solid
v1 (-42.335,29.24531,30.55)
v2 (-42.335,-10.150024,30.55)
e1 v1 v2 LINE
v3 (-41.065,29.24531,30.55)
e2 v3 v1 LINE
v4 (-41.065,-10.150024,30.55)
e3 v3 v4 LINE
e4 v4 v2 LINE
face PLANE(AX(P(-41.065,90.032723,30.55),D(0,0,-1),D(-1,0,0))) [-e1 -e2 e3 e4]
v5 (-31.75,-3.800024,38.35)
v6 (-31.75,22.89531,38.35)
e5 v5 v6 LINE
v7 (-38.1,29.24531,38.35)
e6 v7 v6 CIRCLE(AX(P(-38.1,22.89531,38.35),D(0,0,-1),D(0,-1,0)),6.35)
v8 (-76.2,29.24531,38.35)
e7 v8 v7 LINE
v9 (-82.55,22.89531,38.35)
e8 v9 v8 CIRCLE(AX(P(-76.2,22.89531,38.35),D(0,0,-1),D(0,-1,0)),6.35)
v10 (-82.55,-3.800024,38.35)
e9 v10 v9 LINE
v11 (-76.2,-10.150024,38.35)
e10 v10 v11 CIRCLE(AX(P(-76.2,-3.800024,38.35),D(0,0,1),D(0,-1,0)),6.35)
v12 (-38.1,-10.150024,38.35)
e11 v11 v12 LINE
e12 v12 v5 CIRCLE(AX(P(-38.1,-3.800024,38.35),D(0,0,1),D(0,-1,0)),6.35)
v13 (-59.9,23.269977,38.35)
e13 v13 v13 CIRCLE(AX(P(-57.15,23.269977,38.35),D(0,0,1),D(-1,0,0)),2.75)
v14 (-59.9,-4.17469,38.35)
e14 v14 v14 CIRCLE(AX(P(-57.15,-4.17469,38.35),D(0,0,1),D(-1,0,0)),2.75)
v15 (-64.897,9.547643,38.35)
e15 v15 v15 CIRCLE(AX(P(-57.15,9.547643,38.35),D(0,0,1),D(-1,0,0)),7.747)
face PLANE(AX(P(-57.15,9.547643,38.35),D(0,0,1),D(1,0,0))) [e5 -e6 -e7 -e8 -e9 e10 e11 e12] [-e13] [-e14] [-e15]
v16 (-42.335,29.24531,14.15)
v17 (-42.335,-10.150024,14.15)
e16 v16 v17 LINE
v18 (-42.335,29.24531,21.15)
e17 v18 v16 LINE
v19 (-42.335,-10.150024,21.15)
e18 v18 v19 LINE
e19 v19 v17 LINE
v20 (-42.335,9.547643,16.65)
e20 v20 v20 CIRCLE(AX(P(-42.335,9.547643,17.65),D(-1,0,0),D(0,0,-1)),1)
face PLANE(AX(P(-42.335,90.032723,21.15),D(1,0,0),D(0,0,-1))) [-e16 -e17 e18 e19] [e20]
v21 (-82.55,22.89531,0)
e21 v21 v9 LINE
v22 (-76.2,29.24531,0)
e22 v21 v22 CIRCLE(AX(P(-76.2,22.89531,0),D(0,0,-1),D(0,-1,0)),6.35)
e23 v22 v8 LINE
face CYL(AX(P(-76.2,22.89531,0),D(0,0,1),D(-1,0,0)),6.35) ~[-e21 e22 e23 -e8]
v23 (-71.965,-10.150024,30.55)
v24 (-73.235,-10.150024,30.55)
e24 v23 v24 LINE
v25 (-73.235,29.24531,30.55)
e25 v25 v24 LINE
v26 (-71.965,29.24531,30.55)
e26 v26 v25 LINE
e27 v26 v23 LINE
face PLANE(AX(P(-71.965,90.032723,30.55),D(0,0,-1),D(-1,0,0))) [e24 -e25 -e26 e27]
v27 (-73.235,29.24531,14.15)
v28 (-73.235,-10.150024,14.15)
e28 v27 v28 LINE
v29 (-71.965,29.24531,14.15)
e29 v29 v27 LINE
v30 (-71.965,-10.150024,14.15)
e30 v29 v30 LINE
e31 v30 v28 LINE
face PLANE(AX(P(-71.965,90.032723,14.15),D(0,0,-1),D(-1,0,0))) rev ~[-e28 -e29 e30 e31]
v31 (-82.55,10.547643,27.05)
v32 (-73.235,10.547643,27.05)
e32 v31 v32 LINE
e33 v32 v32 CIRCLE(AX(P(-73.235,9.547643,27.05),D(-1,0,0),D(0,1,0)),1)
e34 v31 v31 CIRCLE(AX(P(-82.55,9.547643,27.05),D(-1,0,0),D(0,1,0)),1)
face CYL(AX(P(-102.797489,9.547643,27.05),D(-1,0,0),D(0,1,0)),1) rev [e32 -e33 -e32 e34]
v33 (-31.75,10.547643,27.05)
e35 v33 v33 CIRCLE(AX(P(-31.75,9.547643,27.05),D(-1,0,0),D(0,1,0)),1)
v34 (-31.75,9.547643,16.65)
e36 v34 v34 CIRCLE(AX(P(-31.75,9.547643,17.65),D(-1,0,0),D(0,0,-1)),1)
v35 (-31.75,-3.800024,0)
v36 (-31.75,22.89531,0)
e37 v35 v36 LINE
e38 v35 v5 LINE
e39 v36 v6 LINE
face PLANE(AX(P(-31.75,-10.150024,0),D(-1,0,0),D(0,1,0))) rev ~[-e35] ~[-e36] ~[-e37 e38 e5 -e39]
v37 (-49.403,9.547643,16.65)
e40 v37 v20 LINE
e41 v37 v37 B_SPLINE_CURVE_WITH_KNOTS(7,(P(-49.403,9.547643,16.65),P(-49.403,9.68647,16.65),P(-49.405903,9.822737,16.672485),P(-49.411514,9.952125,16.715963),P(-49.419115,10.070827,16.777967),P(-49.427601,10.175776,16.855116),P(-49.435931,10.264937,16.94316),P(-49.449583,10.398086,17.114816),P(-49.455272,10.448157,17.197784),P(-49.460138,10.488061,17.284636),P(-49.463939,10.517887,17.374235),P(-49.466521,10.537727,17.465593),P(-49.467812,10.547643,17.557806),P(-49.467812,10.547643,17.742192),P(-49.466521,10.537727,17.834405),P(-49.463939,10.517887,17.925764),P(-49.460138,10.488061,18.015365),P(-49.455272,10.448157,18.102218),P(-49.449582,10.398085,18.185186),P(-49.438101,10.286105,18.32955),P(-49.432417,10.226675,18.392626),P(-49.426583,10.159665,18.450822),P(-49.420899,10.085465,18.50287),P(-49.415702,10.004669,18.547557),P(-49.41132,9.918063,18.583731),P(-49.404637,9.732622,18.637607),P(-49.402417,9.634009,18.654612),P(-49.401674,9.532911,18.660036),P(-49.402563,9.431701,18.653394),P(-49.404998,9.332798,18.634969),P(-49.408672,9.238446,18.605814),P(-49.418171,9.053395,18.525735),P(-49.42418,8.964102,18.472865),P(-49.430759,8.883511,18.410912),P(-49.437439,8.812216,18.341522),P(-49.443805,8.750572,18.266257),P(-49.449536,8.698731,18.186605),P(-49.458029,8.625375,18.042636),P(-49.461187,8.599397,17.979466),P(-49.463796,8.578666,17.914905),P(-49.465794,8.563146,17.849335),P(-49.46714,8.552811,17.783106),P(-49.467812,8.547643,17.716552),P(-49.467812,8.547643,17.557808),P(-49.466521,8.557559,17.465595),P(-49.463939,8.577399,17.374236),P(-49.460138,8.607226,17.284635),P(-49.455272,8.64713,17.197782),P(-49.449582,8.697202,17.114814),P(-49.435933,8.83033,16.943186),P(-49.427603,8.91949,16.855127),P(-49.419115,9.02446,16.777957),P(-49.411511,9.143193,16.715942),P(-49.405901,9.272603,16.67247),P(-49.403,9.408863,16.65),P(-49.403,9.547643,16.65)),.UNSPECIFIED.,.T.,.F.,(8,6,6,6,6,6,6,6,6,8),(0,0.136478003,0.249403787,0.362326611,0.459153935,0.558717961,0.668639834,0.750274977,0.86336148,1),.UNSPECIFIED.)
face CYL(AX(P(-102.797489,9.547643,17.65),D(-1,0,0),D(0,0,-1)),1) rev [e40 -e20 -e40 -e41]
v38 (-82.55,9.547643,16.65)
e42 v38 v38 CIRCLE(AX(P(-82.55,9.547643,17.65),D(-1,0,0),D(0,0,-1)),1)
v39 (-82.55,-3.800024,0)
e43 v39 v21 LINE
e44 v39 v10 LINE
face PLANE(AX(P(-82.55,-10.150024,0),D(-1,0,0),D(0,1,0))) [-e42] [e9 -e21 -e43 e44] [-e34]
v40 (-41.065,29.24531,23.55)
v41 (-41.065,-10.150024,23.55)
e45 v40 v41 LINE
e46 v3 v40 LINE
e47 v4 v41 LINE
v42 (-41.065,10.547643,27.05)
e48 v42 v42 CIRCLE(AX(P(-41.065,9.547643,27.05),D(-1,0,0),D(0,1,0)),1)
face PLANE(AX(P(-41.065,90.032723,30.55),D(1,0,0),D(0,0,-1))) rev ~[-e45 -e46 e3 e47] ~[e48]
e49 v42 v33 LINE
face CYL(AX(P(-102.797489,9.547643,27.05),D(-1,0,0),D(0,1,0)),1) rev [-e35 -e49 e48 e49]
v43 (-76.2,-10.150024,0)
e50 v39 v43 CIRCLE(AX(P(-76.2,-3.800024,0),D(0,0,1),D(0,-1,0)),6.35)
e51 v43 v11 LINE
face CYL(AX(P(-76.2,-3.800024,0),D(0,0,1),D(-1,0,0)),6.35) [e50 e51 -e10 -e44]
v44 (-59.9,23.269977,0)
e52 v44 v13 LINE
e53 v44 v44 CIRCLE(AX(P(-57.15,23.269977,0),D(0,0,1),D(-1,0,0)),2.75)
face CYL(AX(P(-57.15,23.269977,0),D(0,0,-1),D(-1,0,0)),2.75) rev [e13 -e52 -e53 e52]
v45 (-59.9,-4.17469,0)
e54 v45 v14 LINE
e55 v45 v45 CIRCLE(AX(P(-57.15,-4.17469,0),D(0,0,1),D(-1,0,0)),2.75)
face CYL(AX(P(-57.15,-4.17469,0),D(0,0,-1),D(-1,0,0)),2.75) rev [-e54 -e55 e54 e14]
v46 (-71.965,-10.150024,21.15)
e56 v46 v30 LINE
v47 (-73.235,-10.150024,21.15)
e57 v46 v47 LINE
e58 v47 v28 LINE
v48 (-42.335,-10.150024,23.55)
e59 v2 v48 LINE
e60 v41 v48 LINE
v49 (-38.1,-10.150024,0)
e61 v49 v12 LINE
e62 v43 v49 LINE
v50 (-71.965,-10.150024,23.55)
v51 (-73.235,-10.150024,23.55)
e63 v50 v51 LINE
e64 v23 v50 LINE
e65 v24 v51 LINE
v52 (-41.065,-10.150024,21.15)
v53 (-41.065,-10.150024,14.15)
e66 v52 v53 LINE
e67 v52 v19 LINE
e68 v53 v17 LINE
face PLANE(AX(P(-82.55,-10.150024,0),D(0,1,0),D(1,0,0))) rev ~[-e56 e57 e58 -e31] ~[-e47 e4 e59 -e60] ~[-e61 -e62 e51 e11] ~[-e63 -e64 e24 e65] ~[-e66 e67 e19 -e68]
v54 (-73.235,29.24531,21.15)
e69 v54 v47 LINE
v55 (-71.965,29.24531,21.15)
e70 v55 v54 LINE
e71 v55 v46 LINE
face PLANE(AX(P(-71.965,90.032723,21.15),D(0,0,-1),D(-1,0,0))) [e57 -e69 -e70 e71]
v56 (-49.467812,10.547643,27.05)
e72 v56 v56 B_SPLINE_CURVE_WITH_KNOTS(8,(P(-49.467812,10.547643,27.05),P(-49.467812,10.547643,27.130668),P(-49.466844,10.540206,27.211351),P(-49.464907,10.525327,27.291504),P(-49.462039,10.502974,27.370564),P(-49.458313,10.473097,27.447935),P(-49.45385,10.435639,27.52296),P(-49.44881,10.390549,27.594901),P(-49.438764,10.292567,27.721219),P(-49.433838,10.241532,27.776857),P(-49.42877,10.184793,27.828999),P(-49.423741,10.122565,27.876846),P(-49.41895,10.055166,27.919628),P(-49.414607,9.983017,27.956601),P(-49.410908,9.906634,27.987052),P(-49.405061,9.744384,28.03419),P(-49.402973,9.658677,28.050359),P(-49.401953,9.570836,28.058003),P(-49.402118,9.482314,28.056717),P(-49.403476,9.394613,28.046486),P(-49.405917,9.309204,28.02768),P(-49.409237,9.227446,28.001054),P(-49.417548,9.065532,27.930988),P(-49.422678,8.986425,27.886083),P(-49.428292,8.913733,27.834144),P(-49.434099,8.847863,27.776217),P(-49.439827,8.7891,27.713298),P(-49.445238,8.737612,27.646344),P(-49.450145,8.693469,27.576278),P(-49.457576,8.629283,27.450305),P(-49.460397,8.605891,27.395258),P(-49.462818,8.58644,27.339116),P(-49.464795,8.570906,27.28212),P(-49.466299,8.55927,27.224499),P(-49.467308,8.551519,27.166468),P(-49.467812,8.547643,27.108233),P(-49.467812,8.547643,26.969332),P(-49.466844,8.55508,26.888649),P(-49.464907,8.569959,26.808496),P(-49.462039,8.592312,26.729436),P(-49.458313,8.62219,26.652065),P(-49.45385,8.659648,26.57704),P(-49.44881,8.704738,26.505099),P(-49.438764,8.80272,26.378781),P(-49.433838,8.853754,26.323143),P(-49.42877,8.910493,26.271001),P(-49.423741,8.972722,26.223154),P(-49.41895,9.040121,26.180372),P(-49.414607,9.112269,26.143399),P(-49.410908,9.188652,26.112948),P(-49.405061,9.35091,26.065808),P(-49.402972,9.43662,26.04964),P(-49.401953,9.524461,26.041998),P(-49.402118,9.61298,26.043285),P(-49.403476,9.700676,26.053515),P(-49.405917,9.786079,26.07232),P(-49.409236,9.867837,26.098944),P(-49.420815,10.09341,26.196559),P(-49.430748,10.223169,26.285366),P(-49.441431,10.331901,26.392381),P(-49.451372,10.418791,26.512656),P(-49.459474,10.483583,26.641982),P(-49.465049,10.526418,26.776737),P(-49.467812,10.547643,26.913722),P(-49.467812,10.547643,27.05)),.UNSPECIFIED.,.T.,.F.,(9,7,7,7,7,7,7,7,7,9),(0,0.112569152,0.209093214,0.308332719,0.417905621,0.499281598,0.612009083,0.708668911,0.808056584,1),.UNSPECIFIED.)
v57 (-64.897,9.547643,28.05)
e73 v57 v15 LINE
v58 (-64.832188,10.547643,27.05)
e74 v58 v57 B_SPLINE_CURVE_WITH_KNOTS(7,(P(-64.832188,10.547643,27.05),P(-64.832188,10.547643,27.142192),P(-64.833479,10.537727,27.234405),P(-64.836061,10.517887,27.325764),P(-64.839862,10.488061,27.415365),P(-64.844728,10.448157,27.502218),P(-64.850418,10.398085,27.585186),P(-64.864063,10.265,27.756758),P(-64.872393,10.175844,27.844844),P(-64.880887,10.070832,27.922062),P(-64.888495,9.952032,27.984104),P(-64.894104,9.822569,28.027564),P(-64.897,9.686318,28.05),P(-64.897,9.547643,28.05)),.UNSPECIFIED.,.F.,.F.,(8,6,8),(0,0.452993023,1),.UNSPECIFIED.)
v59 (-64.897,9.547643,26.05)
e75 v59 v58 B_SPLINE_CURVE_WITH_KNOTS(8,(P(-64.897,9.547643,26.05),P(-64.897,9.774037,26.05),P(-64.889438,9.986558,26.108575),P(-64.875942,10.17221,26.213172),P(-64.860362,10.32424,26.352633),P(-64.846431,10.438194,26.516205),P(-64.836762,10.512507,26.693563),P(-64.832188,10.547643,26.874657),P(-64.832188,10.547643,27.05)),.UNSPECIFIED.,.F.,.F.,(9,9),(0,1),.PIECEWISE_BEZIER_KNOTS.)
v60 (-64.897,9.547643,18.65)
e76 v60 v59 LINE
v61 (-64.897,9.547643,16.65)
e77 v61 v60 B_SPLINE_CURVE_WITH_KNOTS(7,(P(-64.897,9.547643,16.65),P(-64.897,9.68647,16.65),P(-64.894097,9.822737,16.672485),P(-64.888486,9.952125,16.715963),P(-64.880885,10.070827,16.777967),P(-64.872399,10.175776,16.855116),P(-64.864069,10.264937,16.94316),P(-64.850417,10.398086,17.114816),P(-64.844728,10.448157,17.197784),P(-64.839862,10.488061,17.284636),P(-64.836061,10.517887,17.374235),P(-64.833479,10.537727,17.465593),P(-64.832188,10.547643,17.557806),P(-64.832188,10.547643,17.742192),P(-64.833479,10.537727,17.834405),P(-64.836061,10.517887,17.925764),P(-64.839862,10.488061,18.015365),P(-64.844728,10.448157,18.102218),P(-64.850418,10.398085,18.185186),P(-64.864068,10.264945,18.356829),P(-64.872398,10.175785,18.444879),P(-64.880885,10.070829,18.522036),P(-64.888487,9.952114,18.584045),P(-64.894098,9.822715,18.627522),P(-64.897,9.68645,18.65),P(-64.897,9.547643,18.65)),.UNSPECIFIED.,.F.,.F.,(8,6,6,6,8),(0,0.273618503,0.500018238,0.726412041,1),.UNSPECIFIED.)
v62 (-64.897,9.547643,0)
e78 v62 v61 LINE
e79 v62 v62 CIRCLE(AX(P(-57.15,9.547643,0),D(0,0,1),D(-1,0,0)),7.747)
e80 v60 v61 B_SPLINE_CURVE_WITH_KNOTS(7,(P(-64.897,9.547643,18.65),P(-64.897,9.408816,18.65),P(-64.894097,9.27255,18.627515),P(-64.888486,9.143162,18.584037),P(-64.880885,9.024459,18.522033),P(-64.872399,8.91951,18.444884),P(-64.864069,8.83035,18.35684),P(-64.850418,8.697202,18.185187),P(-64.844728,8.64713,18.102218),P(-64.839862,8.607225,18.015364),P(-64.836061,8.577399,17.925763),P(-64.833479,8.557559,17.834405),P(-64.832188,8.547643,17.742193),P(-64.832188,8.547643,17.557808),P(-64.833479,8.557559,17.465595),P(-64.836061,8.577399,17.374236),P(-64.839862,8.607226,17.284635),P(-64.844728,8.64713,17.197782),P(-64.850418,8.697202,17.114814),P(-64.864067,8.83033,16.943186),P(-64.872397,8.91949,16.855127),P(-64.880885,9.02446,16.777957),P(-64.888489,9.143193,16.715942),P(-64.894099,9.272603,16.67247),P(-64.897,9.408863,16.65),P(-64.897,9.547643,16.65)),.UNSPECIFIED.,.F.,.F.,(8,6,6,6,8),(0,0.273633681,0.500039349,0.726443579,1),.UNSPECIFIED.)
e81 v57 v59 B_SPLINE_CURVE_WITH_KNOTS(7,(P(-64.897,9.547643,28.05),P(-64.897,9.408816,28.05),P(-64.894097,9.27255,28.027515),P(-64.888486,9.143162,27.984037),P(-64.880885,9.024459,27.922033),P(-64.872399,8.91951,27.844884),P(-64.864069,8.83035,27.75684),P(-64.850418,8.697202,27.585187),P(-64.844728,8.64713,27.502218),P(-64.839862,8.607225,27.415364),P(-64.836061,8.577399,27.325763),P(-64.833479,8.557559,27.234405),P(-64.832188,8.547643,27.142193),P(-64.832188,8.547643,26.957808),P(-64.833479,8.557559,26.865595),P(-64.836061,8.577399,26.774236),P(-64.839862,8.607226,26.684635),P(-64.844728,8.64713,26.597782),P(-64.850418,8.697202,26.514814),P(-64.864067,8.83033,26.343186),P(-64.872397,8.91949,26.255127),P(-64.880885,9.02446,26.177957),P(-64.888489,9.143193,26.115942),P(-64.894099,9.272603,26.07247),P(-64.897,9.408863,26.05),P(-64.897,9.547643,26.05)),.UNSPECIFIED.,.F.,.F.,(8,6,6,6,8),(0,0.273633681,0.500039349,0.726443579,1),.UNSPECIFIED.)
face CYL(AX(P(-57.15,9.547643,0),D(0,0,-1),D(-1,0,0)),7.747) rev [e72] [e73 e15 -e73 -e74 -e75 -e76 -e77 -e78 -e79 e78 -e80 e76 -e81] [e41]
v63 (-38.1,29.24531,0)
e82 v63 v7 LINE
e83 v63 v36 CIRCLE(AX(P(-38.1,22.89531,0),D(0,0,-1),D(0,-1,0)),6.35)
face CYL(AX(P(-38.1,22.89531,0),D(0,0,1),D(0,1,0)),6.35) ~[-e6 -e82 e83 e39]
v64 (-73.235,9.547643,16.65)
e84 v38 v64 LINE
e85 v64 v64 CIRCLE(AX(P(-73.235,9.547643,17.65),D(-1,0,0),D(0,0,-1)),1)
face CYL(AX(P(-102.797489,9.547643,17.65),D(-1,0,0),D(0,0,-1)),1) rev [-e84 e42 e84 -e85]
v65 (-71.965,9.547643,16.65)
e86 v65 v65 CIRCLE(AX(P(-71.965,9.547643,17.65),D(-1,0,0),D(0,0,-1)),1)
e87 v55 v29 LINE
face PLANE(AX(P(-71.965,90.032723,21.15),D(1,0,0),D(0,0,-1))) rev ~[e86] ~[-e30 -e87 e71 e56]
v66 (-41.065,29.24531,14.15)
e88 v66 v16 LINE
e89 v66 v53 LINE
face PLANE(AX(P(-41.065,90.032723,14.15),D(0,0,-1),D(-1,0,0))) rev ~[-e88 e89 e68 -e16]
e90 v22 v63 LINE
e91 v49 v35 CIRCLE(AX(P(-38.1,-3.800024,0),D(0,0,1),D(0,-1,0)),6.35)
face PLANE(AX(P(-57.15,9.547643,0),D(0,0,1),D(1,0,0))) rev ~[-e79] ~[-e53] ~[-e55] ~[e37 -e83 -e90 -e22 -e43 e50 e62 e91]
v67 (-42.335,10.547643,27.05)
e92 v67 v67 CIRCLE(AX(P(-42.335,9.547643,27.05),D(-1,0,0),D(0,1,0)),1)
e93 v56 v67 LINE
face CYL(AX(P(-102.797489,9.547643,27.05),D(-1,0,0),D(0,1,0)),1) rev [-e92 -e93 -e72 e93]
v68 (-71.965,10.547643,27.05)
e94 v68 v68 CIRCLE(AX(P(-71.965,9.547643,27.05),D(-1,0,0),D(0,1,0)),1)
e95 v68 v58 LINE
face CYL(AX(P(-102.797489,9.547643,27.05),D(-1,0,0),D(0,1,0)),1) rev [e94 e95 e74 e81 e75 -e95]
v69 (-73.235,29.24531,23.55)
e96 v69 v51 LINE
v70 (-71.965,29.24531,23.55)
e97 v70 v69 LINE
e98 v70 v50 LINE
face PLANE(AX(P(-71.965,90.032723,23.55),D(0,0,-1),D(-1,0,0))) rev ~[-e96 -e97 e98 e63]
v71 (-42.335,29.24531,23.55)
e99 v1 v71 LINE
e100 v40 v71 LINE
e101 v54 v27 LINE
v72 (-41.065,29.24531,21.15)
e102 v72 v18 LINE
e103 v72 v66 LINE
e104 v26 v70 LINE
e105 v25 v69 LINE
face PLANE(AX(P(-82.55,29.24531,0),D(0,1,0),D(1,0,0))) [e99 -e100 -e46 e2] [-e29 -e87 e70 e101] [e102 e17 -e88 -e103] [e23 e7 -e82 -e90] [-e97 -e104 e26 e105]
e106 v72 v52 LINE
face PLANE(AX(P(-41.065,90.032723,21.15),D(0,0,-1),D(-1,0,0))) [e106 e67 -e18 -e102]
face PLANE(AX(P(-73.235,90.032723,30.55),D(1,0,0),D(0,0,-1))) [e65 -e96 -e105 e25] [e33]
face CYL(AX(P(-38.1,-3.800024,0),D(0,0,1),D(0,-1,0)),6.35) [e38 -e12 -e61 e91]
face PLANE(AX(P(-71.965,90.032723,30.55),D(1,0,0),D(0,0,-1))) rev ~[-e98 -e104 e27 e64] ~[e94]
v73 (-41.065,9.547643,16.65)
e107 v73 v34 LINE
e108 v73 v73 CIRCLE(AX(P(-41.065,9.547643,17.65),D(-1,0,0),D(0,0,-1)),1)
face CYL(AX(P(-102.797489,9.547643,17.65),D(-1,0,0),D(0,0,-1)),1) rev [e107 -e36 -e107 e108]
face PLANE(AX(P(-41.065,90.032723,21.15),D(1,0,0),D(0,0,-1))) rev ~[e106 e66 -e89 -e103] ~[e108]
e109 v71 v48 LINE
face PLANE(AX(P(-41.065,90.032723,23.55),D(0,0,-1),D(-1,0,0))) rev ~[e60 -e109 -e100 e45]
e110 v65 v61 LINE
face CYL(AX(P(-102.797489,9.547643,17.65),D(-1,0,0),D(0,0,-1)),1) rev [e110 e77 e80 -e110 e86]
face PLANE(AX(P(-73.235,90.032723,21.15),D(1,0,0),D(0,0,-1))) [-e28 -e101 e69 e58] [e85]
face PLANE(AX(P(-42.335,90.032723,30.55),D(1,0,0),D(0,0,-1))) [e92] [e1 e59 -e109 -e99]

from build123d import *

# Parameters (mm, degrees)
SKETCH1_W               = 50.8
SKETCH1_H               = 39.395334333
SKETCH1_R               = 2.75
SKETCH1_R_2             = 7.747
BOSS_EXTRUDE1_DEPTH     = 38.35
CUT_EXTRUDE1_DEPTH      = 100.182747326
CUT_EXTRUDE1_DEPTH_BACK = 100.182747326
SKETCH2_W               = 1.27
SKETCH2_H               = 7
CUT_EXTRUDE2_DEPTH      = 71.04748878
CUT_EXTRUDE2_DEPTH_BACK = 71.04748878
SKETCH3_R               = 1
FILLET1_R               = 6.35


with BuildPart() as part:
    # Sketch1 → Boss-Extrude1 (new body)
    with BuildSketch(Plane.XY):
        with Locations((-57.15, 9.547643302)):
            Rectangle(SKETCH1_W, SKETCH1_H)
        with Locations(Location((-57.15, 23.269976885, 0), (0, 0, 180))):
            Circle(SKETCH1_R, mode=Mode.SUBTRACT)
        with Locations(Location((-57.15, -4.174690282, 0), (0, 0, 180))):
            Circle(SKETCH1_R, mode=Mode.SUBTRACT)
        with Locations(Location((-57.15, 9.547643302, 0), (0, 0, 180))):
            Circle(SKETCH1_R_2, mode=Mode.SUBTRACT)
    extrude(amount=BOSS_EXTRUDE1_DEPTH)

    # Sketch2 → Cut-Extrude1 (cut, two sides: drawn at the far end of the back side and taken through both)
    with BuildSketch(Plane(origin=(0, -10.150023865, 0), x_dir=(-1, 0, 0), z_dir=(0, -1, 0)).offset(-CUT_EXTRUDE1_DEPTH_BACK)):
        with Locations((72.6, -17.65)):
            Rectangle(SKETCH2_W, SKETCH2_H)
        with Locations((41.7, -27.05)):
            Rectangle(SKETCH2_W, SKETCH2_H)
        with Locations((41.7, -17.65)):
            Rectangle(SKETCH2_W, SKETCH2_H)
        with Locations((72.6, -27.05)):
            Rectangle(SKETCH2_W, SKETCH2_H)
    extrude(amount=CUT_EXTRUDE1_DEPTH + CUT_EXTRUDE1_DEPTH_BACK, mode=Mode.SUBTRACT)

    # Sketch3 → Cut-Extrude2 (cut, two sides: drawn at the far end of the back side and taken through both)
    with BuildSketch(Plane(origin=(-31.75, 0, 0), x_dir=(0, 0, -1), z_dir=(1, 0, 0)).offset(-CUT_EXTRUDE2_DEPTH_BACK)):
        with Locations((-17.65, 9.547643302)):
            Circle(SKETCH3_R)
        with Locations(Location((-27.05, 9.547643302, 0), (0, 0, 90))):
            Circle(SKETCH3_R)
    extrude(amount=CUT_EXTRUDE2_DEPTH + CUT_EXTRUDE2_DEPTH_BACK, mode=Mode.SUBTRACT)

    # Fillet1
    fillet1_edges = [part.edges().sort_by_distance(p)[0] for p in [
        (-31.75, -10.150023865, 19.175),
        (-82.55, -10.150023865, 19.175),
        (-82.55, 29.245310468, 19.175),
        (-31.75, 29.245310468, 19.175),
    ]]
    fillet(fillet1_edges, radius=FILLET1_R)


solid = part.part
